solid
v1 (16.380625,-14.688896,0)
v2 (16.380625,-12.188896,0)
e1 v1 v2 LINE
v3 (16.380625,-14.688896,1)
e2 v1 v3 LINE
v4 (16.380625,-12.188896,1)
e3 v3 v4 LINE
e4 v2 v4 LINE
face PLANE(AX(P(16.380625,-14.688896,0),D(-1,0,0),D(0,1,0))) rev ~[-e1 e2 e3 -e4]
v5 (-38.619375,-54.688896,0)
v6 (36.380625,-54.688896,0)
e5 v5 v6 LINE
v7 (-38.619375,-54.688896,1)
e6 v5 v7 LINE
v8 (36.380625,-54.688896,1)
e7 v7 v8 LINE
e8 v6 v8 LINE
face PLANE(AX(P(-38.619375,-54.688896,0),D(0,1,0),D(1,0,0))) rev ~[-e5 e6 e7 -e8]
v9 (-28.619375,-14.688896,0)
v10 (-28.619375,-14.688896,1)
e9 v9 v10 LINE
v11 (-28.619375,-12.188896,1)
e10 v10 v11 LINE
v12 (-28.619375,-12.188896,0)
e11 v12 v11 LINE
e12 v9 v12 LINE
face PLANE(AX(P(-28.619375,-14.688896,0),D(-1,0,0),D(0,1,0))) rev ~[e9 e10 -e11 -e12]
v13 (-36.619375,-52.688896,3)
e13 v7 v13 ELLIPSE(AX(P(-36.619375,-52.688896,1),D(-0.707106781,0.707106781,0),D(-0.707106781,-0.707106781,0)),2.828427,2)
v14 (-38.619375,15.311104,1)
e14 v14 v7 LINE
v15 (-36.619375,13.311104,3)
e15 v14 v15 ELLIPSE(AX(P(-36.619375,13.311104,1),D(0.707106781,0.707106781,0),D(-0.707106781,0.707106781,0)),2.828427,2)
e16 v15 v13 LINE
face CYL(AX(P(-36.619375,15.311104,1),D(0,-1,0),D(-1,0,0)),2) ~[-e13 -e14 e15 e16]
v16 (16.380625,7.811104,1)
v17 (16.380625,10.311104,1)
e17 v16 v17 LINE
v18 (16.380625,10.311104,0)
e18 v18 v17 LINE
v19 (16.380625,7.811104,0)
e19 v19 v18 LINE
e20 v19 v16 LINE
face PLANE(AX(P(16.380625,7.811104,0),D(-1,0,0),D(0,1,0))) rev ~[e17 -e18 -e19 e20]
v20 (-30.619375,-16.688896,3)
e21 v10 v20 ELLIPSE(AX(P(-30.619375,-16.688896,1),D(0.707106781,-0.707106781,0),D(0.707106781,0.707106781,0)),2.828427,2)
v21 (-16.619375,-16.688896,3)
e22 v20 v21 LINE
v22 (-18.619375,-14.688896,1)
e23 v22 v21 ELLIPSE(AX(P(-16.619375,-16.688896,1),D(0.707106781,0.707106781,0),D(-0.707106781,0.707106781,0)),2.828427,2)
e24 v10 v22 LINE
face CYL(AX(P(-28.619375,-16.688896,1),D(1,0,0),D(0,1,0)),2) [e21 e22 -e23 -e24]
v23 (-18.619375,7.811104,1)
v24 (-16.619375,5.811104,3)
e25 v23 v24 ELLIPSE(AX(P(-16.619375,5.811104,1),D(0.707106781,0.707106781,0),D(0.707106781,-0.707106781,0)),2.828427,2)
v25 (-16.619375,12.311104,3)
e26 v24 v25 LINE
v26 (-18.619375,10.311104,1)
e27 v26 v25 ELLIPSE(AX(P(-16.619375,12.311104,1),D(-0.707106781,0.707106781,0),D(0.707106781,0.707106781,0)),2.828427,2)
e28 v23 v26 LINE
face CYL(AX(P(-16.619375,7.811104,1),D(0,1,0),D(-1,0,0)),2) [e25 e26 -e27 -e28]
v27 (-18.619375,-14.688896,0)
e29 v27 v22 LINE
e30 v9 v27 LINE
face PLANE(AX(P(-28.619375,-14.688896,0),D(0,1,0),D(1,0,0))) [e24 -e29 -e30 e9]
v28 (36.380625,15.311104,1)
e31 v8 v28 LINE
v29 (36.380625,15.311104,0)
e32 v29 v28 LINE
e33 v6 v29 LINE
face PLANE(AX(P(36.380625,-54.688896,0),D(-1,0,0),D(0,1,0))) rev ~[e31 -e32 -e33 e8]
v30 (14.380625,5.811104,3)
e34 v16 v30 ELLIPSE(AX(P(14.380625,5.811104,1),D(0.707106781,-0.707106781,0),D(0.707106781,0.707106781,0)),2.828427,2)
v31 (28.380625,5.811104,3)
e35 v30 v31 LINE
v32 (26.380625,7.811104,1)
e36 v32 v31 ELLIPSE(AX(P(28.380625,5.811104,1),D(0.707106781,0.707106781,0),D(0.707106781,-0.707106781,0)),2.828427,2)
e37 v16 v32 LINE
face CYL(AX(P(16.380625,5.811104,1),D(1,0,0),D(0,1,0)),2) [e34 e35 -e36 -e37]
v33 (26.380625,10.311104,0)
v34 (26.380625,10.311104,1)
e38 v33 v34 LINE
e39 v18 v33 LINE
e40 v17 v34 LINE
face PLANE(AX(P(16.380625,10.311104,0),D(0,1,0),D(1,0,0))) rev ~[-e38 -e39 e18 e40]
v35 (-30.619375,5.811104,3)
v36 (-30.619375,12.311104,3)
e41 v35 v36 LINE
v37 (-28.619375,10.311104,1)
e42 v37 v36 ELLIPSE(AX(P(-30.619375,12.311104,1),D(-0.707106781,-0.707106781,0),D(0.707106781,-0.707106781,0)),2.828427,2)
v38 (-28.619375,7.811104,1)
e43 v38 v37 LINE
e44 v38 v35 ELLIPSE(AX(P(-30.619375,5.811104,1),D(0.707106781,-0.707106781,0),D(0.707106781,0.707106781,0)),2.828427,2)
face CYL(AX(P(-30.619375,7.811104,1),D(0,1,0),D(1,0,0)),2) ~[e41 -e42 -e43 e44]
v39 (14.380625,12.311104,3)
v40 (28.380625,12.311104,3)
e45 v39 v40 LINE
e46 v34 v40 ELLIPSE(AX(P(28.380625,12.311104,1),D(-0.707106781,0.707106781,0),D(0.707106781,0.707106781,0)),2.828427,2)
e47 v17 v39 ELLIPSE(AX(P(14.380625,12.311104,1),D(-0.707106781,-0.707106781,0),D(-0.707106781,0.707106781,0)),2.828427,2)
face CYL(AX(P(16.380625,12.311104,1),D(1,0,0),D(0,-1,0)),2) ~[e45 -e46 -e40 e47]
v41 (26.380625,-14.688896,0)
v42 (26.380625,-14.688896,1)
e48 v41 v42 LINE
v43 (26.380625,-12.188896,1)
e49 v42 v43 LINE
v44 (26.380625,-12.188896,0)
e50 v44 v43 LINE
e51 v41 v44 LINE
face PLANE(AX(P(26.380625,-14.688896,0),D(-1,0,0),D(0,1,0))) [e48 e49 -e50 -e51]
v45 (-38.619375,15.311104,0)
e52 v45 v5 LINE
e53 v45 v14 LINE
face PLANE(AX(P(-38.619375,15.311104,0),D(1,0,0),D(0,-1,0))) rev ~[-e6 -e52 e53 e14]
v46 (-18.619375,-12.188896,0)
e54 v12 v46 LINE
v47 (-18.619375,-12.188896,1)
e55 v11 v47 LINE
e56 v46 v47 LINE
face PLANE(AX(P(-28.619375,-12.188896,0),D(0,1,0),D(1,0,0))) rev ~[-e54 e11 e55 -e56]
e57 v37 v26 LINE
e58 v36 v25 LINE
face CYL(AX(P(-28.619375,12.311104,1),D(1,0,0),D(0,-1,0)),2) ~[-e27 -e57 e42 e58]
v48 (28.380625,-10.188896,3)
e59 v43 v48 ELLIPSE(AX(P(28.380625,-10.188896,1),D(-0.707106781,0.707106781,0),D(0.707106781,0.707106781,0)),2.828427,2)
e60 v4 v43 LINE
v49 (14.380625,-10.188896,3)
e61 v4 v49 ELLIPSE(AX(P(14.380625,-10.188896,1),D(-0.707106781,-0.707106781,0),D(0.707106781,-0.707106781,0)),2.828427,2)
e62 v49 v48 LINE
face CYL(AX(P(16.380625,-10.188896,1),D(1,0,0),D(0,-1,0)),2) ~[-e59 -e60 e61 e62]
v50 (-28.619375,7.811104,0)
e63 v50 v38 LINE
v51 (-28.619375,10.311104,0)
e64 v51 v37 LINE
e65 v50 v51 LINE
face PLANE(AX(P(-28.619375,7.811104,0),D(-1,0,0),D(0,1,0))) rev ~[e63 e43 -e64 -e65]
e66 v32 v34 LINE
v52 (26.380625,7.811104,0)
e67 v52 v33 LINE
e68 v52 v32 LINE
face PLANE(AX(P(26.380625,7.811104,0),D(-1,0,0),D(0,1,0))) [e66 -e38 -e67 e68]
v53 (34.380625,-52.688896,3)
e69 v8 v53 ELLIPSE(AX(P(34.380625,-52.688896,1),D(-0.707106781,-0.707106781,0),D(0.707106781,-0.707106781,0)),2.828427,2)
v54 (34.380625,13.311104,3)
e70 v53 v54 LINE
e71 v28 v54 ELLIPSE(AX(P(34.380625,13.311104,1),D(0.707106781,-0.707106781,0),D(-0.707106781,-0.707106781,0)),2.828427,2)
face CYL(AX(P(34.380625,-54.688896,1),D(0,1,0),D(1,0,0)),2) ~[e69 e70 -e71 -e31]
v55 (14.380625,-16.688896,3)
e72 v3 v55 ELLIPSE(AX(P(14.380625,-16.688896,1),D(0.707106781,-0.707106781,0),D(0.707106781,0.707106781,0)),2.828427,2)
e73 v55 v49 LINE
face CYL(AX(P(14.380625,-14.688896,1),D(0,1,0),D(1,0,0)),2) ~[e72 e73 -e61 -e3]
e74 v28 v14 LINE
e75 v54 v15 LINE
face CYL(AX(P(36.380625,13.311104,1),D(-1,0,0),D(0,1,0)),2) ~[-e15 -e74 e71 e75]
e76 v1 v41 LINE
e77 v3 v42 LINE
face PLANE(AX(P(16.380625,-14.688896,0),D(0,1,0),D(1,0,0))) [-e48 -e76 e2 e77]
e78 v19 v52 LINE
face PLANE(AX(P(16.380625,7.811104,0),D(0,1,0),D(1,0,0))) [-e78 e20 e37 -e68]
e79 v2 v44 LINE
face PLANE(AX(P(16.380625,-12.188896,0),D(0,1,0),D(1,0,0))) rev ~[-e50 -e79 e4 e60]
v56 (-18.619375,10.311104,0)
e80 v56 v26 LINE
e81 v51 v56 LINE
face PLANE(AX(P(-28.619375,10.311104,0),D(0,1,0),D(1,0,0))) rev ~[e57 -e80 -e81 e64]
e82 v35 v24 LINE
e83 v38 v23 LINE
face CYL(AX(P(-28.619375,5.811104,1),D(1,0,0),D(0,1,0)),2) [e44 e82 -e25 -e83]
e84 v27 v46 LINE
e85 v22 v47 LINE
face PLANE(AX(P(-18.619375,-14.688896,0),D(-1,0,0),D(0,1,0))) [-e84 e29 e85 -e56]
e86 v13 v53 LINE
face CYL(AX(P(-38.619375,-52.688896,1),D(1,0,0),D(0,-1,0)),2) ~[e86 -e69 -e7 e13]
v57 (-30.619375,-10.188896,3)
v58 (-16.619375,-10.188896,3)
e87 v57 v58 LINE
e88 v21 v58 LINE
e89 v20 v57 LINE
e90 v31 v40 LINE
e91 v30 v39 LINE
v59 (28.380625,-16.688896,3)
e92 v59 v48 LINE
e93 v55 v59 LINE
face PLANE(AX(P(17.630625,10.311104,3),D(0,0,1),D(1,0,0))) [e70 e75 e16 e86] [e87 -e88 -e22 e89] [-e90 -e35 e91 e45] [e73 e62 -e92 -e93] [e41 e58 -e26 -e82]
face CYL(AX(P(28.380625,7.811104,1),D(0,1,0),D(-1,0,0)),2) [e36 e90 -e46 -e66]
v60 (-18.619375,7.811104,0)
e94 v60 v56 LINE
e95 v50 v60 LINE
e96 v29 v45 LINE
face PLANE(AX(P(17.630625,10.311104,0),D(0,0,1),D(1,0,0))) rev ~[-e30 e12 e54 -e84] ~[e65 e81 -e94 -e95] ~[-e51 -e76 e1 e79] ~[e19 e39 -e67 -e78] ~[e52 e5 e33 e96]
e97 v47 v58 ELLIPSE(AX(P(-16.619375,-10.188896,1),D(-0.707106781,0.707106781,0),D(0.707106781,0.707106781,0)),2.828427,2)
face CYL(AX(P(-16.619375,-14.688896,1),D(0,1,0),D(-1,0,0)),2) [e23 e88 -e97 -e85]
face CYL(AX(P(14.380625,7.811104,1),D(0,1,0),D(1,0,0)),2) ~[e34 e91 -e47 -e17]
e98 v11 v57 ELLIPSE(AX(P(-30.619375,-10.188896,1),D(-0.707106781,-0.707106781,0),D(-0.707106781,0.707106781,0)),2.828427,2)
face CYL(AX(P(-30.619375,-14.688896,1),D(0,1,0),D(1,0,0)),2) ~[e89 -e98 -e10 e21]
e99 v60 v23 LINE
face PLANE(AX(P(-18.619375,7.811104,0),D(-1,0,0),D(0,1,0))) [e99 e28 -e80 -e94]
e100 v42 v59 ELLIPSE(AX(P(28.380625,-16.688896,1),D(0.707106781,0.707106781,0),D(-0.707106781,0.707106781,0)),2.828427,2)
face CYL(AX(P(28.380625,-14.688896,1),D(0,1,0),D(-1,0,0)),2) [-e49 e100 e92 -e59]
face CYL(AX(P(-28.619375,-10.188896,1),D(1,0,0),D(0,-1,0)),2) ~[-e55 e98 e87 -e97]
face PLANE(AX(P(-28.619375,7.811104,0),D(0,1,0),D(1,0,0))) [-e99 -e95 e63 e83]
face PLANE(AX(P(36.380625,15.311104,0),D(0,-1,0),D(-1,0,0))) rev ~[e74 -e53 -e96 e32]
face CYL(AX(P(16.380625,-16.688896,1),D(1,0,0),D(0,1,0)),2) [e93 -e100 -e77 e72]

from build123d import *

# Parameters (mm, degrees)
F0_W     = 37.5
F0_H     = 10
F0_W_2   = 10
F0_H_2   = 2.5
F0_H_3   = 60
F1_DEPTH = 3
F2_R     = 2


with BuildPart() as f1:
    # F0 (on Top) → F1 (new body)
    with BuildSketch(Plane.XY):
        with Locations((17.630625, 10.311104)):
            Rectangle(F0_W, F0_H)
        with Locations((21.380625, 9.061104)):
            Rectangle(F0_W_2, F0_H_2, mode=Mode.SUBTRACT)
        with Locations((-19.869375, 10.311104)):
            Rectangle(F0_W, F0_H)
        with Locations((-23.619375, 9.061104)):
            Rectangle(F0_W_2, F0_H_2, mode=Mode.SUBTRACT)
        with Locations((-19.869375, -24.688896)):
            Rectangle(F0_W, F0_H_3)
        with Locations((-23.619375, -13.438896)):
            Rectangle(F0_W_2, F0_H_2, mode=Mode.SUBTRACT)
        with Locations((17.630625, -24.688896)):
            Rectangle(F0_W, F0_H_3)
        with Locations((21.380625, -13.438896)):
            Rectangle(F0_W_2, F0_H_2, mode=Mode.SUBTRACT)
    extrude(amount=F1_DEPTH)

    # F2
    f2_edges = [f1.edges().sort_by_distance(p)[0] for p in [
        (-1.119375, 15.311104, 3),
        (-38.619375, -19.688896, 3),
        (-23.619375, 10.311104, 3),
        (-23.619375, 7.811104, 3),
        (-18.619375, 9.061104, 3),
        (-28.619375, 9.061104, 3),
        (-1.119375, -54.688896, 3),
        (36.380625, -19.688896, 3),
        (21.380625, 7.811104, 3),
        (16.380625, 9.061104, 3),
        (21.380625, 10.311104, 3),
        (26.380625, 9.061104, 3),
        (-28.619375, -13.438896, 3),
        (-23.619375, -12.188896, 3),
        (-18.619375, -13.438896, 3),
        (-23.619375, -14.688896, 3),
        (21.380625, -12.188896, 3),
        (26.380625, -13.438896, 3),
        (21.380625, -14.688896, 3),
        (16.380625, -13.438896, 3),
    ]]
    fillet(f2_edges, radius=F2_R)


solid = f1.part
